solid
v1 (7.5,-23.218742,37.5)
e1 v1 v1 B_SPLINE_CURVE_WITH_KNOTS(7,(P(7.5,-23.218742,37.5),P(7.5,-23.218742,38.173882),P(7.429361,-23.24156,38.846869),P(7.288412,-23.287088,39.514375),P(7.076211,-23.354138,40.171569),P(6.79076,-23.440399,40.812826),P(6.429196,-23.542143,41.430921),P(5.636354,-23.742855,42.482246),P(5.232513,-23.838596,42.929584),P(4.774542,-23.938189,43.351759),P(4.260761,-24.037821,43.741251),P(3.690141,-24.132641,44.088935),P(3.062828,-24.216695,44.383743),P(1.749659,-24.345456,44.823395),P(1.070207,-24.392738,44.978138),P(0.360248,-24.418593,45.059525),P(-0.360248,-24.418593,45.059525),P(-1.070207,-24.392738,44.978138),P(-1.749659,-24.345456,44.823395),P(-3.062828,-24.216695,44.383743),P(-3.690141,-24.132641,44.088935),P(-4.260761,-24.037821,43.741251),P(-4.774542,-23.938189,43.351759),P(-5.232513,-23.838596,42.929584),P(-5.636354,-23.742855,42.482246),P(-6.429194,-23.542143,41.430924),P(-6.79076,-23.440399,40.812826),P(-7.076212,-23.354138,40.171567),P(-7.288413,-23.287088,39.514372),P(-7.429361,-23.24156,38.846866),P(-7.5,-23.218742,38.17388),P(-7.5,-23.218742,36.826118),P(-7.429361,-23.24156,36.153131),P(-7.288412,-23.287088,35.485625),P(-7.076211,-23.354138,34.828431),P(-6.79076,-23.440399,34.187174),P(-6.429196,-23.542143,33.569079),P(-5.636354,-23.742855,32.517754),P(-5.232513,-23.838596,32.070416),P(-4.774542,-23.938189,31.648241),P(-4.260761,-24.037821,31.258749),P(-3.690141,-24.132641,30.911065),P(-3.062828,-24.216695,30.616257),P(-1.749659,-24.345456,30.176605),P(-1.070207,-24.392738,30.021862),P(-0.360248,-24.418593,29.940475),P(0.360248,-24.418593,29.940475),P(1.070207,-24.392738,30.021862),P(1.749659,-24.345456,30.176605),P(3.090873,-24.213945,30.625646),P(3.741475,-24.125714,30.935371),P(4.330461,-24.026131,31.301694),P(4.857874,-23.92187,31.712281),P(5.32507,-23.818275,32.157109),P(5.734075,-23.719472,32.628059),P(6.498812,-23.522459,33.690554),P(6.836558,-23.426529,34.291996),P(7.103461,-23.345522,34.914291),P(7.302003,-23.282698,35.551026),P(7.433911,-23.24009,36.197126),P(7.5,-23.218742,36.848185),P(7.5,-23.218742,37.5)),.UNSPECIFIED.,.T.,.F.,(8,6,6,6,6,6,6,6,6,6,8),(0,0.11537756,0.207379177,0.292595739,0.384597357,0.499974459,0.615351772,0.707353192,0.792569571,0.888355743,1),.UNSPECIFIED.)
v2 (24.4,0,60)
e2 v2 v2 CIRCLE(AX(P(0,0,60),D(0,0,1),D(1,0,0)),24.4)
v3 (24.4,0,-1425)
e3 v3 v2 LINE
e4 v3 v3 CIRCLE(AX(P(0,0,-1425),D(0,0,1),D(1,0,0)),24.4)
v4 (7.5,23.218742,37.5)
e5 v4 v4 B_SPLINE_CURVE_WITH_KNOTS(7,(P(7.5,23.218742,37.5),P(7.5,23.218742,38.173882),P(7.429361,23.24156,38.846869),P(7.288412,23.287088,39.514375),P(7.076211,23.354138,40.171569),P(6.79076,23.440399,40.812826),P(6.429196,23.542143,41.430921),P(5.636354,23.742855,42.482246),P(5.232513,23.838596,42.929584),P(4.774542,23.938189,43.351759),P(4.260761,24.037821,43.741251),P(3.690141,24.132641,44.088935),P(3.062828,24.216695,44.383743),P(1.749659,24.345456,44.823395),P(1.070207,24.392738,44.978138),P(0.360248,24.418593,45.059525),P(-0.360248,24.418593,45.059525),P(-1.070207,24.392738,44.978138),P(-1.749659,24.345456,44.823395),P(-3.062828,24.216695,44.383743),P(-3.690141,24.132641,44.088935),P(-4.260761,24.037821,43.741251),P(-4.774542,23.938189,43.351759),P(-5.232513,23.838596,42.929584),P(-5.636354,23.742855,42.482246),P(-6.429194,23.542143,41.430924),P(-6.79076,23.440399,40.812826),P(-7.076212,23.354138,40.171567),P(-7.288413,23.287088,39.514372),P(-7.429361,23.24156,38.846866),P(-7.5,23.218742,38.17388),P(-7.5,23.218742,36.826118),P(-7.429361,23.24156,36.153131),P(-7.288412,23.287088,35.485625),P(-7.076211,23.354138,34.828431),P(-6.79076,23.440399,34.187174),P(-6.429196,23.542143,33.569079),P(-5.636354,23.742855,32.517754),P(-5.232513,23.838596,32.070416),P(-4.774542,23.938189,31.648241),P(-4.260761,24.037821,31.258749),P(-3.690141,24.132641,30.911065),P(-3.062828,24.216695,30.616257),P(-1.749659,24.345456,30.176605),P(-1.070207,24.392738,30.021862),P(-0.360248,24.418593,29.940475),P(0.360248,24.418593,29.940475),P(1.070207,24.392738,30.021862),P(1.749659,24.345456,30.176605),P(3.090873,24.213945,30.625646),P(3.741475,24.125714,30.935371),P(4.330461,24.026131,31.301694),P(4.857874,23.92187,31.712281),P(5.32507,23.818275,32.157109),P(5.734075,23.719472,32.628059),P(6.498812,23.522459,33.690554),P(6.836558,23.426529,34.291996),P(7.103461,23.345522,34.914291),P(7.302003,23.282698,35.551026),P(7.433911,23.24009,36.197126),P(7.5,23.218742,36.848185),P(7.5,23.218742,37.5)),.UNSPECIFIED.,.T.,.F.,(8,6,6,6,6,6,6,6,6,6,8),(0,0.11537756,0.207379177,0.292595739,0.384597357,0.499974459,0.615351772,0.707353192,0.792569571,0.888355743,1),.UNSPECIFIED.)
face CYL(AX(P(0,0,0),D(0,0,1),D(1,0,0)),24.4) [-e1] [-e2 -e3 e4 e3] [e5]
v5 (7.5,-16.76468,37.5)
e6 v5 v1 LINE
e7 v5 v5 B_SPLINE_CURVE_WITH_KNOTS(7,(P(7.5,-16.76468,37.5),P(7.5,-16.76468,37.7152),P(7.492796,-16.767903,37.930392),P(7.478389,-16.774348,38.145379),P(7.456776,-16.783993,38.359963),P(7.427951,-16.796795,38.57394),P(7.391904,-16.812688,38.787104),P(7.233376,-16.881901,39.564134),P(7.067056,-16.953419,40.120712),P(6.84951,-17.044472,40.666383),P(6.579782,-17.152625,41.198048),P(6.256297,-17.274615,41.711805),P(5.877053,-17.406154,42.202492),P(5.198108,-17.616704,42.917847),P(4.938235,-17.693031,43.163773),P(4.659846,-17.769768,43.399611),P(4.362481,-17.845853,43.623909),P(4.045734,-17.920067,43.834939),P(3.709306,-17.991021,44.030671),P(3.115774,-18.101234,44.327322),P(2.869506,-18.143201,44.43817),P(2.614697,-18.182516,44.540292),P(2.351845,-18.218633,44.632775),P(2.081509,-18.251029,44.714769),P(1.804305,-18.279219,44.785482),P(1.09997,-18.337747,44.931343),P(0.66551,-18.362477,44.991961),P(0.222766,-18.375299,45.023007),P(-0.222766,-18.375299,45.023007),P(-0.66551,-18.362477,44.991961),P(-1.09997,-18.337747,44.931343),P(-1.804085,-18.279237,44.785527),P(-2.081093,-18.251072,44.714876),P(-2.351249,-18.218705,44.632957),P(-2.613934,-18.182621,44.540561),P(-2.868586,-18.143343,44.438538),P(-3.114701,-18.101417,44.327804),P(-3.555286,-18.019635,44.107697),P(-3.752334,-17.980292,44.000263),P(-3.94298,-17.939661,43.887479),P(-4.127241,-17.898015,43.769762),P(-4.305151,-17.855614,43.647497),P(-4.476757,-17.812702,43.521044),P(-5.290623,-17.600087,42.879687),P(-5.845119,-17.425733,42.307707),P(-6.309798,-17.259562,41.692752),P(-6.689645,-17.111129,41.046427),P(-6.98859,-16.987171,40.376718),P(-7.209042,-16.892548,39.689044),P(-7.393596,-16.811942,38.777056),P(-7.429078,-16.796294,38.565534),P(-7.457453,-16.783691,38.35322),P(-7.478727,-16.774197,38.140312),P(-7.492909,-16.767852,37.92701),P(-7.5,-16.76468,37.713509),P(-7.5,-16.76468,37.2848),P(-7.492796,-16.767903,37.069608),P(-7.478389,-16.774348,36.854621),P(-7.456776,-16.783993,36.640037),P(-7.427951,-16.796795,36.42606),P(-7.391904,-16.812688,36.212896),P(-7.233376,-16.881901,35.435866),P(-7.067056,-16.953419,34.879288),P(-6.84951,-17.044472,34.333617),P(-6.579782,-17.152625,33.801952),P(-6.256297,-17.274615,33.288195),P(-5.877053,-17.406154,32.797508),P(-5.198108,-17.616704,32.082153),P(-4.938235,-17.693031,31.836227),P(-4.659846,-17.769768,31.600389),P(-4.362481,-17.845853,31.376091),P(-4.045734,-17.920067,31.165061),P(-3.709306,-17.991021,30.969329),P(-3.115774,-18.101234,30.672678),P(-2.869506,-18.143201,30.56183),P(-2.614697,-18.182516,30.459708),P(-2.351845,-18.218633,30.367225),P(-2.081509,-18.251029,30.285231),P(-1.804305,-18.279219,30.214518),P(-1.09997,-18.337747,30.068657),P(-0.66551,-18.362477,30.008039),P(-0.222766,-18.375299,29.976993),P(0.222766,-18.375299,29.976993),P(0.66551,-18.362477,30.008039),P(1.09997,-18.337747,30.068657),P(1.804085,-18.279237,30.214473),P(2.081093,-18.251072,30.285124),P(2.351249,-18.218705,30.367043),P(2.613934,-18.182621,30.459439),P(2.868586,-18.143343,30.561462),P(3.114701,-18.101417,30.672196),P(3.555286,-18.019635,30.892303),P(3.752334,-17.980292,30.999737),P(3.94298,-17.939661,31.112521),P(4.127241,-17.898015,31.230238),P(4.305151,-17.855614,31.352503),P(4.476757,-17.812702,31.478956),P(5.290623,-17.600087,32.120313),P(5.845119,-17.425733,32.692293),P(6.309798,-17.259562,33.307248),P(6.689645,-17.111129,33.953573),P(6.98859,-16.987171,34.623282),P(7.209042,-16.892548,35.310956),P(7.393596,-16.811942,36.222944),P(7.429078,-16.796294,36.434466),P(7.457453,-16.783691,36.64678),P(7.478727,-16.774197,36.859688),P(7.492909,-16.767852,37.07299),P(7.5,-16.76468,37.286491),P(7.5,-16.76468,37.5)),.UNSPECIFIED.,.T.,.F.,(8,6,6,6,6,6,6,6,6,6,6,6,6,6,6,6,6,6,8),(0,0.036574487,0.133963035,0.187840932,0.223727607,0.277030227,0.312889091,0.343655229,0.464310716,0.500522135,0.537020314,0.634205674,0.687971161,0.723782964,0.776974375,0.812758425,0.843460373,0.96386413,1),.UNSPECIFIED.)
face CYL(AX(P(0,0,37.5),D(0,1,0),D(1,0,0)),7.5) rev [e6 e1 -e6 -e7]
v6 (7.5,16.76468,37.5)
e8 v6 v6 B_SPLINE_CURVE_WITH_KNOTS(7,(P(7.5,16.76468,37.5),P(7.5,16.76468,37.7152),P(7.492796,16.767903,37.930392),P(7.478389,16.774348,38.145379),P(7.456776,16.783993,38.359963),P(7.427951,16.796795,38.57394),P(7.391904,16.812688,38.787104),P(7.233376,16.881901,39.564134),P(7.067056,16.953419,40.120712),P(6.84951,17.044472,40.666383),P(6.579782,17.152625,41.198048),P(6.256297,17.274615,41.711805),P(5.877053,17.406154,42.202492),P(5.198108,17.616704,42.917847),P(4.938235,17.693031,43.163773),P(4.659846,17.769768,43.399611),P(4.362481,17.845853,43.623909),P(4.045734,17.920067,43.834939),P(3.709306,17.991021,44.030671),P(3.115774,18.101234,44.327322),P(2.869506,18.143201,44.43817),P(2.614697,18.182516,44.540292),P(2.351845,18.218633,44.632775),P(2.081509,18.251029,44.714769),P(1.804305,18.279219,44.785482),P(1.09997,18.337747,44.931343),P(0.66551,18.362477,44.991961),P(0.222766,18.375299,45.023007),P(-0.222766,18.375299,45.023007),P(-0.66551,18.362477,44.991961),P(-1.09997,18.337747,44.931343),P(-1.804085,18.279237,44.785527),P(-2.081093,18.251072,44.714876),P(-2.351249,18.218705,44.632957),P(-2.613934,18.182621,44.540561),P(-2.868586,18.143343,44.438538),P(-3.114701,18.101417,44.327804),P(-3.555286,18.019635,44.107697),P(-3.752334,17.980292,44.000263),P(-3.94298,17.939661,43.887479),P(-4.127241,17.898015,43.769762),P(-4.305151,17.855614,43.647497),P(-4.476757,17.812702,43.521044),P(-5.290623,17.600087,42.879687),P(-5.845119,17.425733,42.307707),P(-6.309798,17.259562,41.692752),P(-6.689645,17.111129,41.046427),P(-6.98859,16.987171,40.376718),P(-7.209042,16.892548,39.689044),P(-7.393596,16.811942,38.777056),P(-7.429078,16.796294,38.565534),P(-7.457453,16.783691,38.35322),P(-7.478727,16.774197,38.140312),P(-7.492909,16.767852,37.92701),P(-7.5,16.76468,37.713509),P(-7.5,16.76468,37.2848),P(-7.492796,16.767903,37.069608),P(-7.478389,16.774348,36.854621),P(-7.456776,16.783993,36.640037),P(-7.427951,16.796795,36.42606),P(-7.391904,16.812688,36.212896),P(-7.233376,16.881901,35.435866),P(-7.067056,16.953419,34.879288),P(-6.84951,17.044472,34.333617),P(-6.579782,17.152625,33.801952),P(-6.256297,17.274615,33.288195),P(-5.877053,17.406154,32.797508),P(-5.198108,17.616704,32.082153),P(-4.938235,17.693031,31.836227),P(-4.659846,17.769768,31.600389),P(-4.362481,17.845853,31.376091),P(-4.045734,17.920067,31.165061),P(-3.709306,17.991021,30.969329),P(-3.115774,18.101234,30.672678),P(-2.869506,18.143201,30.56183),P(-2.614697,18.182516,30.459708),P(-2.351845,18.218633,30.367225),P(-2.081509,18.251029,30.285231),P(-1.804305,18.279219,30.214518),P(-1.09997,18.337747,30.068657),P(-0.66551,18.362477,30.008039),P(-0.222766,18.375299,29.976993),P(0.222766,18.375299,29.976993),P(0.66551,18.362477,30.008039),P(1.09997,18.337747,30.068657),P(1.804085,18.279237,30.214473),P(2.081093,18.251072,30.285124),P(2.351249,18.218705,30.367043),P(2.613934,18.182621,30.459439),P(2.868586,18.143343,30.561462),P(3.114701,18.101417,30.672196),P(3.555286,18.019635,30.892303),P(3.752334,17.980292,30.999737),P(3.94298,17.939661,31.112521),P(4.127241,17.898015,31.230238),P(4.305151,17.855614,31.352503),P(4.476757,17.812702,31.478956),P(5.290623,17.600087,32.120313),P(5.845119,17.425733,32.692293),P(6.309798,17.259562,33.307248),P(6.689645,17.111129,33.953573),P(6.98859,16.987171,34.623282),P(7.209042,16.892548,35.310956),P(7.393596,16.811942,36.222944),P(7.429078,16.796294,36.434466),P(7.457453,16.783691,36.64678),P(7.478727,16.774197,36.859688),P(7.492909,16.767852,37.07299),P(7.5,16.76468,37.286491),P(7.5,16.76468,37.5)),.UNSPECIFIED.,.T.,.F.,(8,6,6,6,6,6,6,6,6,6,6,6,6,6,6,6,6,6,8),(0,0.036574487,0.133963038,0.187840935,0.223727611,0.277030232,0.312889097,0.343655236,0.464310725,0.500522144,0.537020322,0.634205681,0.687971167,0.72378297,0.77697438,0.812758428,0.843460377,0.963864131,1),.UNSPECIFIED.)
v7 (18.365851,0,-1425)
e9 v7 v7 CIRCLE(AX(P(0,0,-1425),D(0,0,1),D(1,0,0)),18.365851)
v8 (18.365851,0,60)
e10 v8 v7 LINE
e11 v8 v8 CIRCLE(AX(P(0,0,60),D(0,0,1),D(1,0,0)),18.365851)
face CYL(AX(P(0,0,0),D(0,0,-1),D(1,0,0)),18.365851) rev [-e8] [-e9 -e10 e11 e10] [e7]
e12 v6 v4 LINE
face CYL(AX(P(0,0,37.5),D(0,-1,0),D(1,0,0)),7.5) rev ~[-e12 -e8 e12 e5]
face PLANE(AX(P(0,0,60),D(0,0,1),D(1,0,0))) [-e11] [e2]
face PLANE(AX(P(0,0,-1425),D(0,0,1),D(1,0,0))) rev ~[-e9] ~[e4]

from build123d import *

# Parameters (mm, degrees)
F0_R          = 24.4
F0_R_2        = 18.36585117
F1_DEPTH      = 60
F2_R          = 24.4
F2_R_2        = 18.36585117
F3_DEPTH      = 1425
F4_R          = 7.5
F5_DEPTH      = 24.401
F5_DEPTH_BACK = 24.401


with BuildPart() as f1:
    # F0 (on Top) → F1 (new body)
    with BuildSketch(Plane.XY):
        Circle(F0_R)
        Circle(F0_R_2, mode=Mode.SUBTRACT)
    extrude(amount=F1_DEPTH)

    # F2 (on Top) → F3 (join)
    with BuildSketch(Plane.XY):
        Circle(F2_R)
        Circle(F2_R_2, mode=Mode.SUBTRACT)
    extrude(amount=-F3_DEPTH)

    # F4 (on Front) → F5 (cut, two sides)
    with BuildSketch(Plane.XZ) as f5_sk:
        with Locations((0, 37.5)):
            Circle(F4_R)
    extrude(amount=-F5_DEPTH, mode=Mode.SUBTRACT)
    extrude(f5_sk.sketch, amount=F5_DEPTH_BACK, mode=Mode.SUBTRACT)


solid = f1.part
